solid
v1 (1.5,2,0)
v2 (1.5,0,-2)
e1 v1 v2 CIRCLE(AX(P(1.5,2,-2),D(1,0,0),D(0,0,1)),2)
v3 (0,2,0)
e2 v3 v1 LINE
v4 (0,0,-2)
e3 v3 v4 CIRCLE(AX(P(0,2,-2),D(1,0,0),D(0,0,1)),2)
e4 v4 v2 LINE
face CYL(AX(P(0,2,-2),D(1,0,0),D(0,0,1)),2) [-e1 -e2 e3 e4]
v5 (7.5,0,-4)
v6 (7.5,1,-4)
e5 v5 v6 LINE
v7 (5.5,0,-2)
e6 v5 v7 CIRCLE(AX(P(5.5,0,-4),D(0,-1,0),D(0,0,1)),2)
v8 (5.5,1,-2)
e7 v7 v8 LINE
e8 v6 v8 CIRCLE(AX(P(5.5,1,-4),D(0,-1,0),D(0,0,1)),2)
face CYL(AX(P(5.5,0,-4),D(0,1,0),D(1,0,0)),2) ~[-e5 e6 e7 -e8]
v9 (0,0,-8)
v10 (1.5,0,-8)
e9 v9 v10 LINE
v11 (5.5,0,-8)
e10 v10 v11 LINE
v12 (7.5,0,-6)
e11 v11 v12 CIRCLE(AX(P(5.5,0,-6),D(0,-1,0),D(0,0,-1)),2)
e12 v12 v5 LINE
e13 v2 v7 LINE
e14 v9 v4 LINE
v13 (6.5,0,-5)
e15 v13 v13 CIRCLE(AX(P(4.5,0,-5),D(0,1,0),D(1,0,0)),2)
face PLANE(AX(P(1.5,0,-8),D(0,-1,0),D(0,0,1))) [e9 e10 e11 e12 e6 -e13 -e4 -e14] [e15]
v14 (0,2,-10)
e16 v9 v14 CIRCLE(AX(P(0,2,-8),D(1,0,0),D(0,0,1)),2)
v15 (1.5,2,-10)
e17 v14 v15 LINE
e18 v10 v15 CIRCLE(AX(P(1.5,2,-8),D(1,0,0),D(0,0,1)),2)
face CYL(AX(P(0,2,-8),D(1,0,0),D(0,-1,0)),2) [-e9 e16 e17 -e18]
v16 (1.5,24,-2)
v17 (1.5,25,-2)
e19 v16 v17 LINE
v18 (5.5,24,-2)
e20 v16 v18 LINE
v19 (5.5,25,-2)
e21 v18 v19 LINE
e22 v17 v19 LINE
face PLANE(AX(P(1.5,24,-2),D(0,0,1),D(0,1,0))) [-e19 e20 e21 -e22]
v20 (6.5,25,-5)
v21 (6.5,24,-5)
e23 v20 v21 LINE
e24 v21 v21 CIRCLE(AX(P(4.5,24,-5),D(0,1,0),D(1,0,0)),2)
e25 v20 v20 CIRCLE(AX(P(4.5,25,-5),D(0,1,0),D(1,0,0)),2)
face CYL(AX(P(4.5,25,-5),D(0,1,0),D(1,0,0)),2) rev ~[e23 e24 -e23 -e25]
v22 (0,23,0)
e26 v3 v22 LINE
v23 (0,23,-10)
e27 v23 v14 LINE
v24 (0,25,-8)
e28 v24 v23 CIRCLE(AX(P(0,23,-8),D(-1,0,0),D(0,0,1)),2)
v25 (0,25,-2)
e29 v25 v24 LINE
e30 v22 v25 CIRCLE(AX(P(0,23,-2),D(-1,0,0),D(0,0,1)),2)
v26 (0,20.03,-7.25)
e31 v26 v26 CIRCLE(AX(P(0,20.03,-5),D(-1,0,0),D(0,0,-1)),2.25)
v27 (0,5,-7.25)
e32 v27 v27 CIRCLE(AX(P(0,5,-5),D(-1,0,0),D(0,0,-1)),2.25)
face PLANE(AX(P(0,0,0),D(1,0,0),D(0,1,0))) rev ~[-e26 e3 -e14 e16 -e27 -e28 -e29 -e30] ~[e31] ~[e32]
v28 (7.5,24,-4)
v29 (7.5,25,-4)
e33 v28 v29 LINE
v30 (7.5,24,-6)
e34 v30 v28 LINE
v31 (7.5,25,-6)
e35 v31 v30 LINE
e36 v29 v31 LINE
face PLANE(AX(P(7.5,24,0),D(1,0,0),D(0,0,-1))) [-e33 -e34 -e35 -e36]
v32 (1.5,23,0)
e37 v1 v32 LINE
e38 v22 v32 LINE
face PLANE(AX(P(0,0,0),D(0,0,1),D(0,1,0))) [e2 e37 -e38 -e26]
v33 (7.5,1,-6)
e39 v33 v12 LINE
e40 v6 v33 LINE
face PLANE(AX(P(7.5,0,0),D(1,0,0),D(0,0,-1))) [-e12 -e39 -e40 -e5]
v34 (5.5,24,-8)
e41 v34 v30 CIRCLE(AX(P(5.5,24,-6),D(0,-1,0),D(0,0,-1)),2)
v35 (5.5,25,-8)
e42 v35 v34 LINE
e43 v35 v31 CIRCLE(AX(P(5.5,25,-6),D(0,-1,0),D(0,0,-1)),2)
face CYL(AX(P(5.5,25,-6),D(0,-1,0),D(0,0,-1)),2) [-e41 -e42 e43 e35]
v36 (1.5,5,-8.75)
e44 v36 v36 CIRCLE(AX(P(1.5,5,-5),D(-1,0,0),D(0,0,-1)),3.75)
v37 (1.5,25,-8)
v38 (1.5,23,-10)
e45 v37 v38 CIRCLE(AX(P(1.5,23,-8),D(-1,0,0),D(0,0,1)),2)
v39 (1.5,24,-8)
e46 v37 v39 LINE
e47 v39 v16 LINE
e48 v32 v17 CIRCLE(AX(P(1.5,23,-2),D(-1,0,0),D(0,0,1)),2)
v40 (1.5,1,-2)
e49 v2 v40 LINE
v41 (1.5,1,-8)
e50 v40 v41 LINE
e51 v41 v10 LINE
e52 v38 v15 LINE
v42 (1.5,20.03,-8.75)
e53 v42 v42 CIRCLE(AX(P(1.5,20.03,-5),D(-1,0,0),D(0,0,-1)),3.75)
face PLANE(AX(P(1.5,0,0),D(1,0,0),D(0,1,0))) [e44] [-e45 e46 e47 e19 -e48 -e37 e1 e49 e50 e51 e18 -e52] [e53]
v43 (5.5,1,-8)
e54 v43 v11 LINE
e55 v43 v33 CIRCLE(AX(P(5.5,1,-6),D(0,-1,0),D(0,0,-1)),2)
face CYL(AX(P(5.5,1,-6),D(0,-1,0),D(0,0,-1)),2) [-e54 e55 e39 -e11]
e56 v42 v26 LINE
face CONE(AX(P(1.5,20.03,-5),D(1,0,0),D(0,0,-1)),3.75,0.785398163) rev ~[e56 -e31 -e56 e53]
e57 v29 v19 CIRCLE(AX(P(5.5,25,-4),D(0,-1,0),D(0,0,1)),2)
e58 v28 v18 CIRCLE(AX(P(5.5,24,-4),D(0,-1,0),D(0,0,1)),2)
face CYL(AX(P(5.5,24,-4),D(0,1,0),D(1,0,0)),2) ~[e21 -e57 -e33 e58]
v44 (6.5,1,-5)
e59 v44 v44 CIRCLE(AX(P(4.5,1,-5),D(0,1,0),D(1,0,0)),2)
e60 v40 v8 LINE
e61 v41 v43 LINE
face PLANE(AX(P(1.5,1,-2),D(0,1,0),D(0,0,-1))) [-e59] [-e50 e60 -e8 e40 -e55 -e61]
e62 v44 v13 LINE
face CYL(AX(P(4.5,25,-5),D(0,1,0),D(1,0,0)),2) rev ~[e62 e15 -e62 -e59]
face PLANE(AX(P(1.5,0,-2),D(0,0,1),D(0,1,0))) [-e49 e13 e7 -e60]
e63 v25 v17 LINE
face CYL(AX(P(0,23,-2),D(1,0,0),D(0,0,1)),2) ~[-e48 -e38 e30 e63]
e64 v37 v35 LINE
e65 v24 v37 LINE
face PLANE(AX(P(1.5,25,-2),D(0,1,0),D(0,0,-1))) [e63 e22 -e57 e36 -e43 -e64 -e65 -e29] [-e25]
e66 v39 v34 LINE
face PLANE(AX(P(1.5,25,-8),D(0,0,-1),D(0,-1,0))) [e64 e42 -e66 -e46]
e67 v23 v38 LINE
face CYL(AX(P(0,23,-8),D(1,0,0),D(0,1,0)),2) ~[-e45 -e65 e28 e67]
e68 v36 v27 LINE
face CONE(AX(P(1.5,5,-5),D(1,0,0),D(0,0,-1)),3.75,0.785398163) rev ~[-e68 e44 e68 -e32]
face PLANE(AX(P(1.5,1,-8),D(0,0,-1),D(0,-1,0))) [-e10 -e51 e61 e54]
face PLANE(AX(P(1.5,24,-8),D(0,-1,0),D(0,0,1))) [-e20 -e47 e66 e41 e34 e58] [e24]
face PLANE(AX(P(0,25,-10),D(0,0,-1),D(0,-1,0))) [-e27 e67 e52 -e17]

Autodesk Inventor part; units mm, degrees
ref_plane "YZ Plane" through (0, 0, 0) normal (1, 0, 0) x (0, 1, 0)
ref_plane "XZ Plane" through (0, 0, 0) normal (0, 1, 0) x (-1, 0, 0)
ref_plane "XY Plane" through (0, 0, 0) normal (0, 0, 1) x (1, 0, 0)
sketch "Esboço1" plane through (0, 0, 0) normal (1, 0, 0) x (0, 1, 0)
  line L0 (0, 0) -> (25, 0)
  line L1 (25, 0) -> (25, -10)
  line L2 (25, -10) -> (0, -10)
  line L3 (0, -10) -> (0, 0)
  point P0 (20.25, -5)
  point P1 (4.75, -5)
  dimension "d0" = 25
  dimension "d1" = 10
extrude "Extrusão1" add sketch "Esboço1" along normal blind 1.5
fillet "Arredondamento1" radius 2 1 edges at (0.75, 25, 0)
fillet "Arredondamento2" radius 2 1 edges at (0.75, 25, -10)
fillet "Arredondamento3" radius 2 1 edges at (0.75, 0, 0)
fillet "Arredondamento4" radius 2 1 edges at (0.75, 0, -10)
sketch "Esboço2" plane through (1.5, 0, 0) normal (1, 0, 0) x (0, 0, -1)
  line L0 (8, 25) -> (2, 25) projected
  line L1 (5, 25) -> (5, 0)
  line L2 (2, 0) -> (8, 0) projected
  circle A0 centre (5, 5) radius 3.75
  circle A1 centre (5, 20.03) radius 3.75
  point P0 (0, 0)
  dimension "d12" = 4.97
  dimension "d13" = 5
  dimension "d15" = 7.5
  dimension "d16" = 7.5
hole "Furo1" at (1.5, 20.03, -5) at (1.5, 5, -5) direction (-1, 0, 0) diameter 4 depth 2 tip angle 118 countersink diameter 7.5 countersink angle 90
sketch "Esboço3" plane through (1.5, 0, 0) normal (1, 0, 0) x (0, 0, -1)
  arc A0 (8, 0) -> (10, 2) centre (8, 2) ccw projected
  line L0 (8, 0) -> (2, 0)
  line L1 (2, 0) -> (2, 1)
  line L2 (2, 1) -> (8, 1)
  line L3 (8, 1) -> (8, 0)
  point P0 (0, 0)
  dimension "d24" = 1
  dimension "d25" = 6
extrude "Extrusão2" add sketch "Esboço3" along normal blind 6
fillet "Arredondamento5" radius 2 1 edges at (7.5, 0.5, -8)
fillet "Arredondamento6" radius 2 1 edges at (7.5, 0.5, -2)
pattern_linear "Padrão retangular1" count 2 spacing 24 along (0, 1, 0) of "Extrusão2"
fillet "Arredondamento7" radius 2 1 edges at (7.5, 24.5, -8)
fillet "Arredondamento8" radius 2 1 edges at (7.5, 24.5, -2)
sketch "Esboço4" plane through (0, 25, -2) normal (0, 1, 0) x (1, 0, 0)
  line L0 (1.5, 6) -> (5.5, 6) projected
  line L1 (1.5, 0) -> (5.5, 0) projected
  line L2 (7.5, 2) -> (7.5, 4) projected
  circle A0 centre (4.5, 3) radius 2
  point P0 (0, -2)
  dimension "d37" = 4
extrude "Extrusão3" cut sketch "Esboço4" against normal through all
sketch "Esboço5" plane through (1.5, 0, 0) normal (1, 0, 0) x (0, 0, -1)
  line L0 (6, 25) -> (4, 25) projected
  line L1 (4, 0) -> (6, 0) projected
  point P0 (0, 0)
  point P1 (5, 25)
  dimension "d40" = 25
sketch "Esboço6" plane through (1.5, 0, 0) normal (1, 0, 0) x (0, 0, -1)
  point P0 (0, 0)
properties part number "TRILHO LATERAL"
